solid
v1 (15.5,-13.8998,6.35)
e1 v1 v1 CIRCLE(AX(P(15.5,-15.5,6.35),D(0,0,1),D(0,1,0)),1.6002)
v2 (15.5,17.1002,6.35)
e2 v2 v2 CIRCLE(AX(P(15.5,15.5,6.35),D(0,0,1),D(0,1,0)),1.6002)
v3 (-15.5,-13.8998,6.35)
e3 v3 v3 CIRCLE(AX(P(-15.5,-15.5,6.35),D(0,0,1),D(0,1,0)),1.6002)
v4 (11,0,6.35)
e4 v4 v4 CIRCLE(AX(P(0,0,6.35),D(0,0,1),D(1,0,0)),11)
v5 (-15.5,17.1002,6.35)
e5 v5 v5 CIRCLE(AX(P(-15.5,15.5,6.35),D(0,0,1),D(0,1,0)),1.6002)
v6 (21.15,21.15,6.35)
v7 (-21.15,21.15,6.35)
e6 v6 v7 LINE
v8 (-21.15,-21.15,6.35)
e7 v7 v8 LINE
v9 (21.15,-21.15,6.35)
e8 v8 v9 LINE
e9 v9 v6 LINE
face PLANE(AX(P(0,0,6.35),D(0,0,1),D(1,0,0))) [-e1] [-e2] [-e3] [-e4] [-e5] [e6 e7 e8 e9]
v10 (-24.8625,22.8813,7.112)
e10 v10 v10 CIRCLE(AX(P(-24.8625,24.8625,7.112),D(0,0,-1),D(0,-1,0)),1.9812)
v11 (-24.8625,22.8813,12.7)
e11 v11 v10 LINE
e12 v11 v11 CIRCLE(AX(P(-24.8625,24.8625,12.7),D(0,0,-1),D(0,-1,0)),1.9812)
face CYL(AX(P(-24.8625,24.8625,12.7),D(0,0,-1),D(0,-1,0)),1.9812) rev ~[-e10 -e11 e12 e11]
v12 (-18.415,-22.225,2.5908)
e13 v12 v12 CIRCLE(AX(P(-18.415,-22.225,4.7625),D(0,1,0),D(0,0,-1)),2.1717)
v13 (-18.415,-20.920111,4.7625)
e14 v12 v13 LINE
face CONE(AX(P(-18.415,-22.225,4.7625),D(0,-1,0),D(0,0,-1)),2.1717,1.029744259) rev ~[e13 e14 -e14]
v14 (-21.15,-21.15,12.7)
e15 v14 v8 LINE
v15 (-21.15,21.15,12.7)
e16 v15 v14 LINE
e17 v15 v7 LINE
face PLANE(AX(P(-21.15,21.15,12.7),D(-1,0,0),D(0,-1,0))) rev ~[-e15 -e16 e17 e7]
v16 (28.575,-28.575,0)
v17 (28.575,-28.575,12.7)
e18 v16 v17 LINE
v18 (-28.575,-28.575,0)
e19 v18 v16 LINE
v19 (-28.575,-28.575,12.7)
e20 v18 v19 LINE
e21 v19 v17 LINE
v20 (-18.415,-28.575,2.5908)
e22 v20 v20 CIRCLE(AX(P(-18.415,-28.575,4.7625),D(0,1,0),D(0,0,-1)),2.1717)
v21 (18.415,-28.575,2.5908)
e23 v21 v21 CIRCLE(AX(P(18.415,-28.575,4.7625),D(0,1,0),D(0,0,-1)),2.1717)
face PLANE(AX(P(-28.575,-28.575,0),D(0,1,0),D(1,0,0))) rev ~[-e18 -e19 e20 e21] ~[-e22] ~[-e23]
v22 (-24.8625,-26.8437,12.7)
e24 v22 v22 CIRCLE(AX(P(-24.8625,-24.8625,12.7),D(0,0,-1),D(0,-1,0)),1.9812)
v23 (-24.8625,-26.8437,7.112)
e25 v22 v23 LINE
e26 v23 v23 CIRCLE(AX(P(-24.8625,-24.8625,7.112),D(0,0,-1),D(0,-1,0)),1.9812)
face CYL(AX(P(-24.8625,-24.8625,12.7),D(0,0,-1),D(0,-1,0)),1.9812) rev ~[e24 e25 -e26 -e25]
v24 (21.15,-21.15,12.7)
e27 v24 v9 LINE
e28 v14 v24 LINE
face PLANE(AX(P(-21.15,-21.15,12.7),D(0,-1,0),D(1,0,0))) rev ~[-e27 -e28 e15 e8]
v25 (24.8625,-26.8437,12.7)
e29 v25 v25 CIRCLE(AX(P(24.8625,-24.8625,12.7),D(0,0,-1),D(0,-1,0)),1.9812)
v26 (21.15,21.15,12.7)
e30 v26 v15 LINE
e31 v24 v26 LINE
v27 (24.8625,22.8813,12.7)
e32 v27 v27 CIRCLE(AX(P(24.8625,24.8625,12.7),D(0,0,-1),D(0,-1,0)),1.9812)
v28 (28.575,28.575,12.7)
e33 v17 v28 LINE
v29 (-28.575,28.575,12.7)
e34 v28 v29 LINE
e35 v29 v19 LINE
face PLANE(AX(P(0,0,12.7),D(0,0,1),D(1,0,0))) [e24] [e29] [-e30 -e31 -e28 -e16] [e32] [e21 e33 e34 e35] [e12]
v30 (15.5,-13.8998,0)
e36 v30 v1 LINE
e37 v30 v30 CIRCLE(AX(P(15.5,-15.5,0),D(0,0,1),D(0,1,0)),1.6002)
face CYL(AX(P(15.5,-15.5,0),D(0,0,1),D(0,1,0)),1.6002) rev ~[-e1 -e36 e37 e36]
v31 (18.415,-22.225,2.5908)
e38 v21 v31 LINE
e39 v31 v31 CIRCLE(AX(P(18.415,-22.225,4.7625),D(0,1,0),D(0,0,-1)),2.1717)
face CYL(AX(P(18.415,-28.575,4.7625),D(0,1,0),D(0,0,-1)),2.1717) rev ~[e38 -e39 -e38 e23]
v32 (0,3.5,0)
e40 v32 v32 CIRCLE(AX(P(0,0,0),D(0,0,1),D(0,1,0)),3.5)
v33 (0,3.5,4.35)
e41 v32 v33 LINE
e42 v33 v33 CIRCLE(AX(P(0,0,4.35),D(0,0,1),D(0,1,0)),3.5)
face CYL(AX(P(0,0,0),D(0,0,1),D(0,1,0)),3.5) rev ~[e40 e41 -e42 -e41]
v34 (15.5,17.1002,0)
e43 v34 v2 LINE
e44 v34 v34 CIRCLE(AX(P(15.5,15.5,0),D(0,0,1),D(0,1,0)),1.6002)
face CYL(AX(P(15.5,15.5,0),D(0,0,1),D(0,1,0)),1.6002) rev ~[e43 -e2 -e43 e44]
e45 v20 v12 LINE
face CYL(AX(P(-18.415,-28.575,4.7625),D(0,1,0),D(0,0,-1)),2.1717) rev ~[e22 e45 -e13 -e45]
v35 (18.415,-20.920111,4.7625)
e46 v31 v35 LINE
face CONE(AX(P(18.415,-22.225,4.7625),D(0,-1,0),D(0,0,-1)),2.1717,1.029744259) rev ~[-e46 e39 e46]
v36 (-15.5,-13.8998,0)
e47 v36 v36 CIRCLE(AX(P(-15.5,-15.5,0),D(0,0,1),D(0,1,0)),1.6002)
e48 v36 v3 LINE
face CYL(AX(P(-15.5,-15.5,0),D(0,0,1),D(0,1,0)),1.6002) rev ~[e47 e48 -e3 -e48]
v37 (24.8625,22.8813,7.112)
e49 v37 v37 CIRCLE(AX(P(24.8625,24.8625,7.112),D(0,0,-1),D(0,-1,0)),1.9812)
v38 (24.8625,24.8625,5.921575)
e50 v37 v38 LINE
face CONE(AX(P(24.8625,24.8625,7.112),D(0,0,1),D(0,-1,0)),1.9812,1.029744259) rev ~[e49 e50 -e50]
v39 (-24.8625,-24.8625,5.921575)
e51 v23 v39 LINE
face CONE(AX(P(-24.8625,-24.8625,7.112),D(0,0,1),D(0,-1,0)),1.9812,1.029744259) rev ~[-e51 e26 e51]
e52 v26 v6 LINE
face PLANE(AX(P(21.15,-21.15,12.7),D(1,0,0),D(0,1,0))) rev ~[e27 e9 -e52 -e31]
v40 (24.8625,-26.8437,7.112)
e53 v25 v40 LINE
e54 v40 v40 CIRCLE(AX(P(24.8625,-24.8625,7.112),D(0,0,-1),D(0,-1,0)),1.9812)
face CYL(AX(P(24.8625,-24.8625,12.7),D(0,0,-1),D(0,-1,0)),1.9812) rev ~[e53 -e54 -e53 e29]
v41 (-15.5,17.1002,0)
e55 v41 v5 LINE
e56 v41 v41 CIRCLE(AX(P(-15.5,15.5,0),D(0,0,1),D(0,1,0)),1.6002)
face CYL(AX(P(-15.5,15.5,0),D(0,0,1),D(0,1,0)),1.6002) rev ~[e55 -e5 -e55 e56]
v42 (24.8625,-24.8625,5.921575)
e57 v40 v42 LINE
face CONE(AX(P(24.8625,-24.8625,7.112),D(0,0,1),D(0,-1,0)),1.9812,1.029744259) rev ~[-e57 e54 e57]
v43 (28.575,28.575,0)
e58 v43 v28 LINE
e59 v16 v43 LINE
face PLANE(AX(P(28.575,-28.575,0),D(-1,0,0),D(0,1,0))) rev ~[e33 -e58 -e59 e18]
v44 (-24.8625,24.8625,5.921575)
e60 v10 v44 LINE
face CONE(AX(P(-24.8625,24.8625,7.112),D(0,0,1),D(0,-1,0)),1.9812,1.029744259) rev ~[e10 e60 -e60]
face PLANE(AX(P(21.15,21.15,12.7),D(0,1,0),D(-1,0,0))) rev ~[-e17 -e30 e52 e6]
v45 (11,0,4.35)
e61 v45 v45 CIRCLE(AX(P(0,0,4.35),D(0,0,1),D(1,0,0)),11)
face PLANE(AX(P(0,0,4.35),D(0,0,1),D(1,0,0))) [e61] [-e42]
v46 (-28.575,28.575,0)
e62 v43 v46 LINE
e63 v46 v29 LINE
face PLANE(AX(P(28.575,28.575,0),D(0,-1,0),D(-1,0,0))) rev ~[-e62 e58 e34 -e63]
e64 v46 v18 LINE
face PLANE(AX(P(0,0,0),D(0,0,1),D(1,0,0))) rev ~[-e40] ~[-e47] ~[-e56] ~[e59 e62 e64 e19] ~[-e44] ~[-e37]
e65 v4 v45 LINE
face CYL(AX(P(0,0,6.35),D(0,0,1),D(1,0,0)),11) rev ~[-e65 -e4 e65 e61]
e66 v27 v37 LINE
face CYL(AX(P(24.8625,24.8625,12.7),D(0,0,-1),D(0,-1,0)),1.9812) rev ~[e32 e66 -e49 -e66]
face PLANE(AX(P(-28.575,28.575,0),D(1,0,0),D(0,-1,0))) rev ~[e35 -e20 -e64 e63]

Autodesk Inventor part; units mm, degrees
ref_plane "YZ Plane" through (0, 0, 0) normal (1, 0, 0) x (0, 1, 0)
ref_plane "XZ Plane" through (0, 0, 0) normal (0, 1, 0) x (-1, 0, 0)
ref_plane "XY Plane" through (0, 0, 0) normal (0, 0, 1) x (1, 0, 0)
sketch "Sketch1" plane through (0, 0, 0) normal (0, 0, 1) x (1, 0, 0)
  line L0 (-28.575, -28.575) -> (28.575, -28.575)
  line L1 (28.575, -28.575) -> (28.575, 28.575)
  line L2 (28.575, 28.575) -> (-28.575, 28.575)
  line L3 (-28.575, 28.575) -> (-28.575, -28.575)
  line L4 (-28.575, -28.575) -> (28.575, 28.575) construction
  line L5 (28.575, -28.575) -> (-28.575, 28.575) construction
  point P0 (0, 0)
  dimension "d0" = 57.15
  dimension "d1" = 57.15
extrude "Extrusion1" add sketch "Sketch1" along normal blind 12.7
sketch "Sketch2" plane through (0, 0, 12.7) normal (0, 0, 1) x (1, 0, 0)
  line L0 (-21.15, -21.15) -> (21.15, -21.15)
  line L1 (21.15, -21.15) -> (21.15, 21.15)
  line L2 (21.15, 21.15) -> (-21.15, 21.15)
  line L3 (-21.15, 21.15) -> (-21.15, -21.15)
  line L4 (-21.15, -21.15) -> (21.15, 21.15) construction
  line L5 (21.15, -21.15) -> (-21.15, 21.15) construction
  point P0 (0, 0)
  dimension "d4" = 42.3
  dimension "d5" = 42.3
extrude "Extrusion2" cut sketch "Sketch2" against normal blind 6.35
sketch "Sketch3" plane through (0, 0, 0) normal (0, 0, -1) x (-1, 0, 0)
  line L0 (-15.5, -15.5) -> (15.5, -15.5) construction
  line L1 (15.5, -15.5) -> (15.5, 15.5) construction
  line L2 (15.5, 15.5) -> (-15.5, 15.5) construction
  line L3 (-15.5, 15.5) -> (-15.5, -15.5) construction
  line L4 (-15.5, -15.5) -> (15.5, 15.5) construction
  line L5 (15.5, -15.5) -> (-15.5, 15.5) construction
  point P0 (0, 0)
  dimension "d8" = 31
  dimension "d9" = 31
hole "Hole1" at (15.5, 15.5, 0) at (-15.5, 15.5, 0) at (-15.5, -15.5, 0) at (15.5, -15.5, 0) direction (0, 0, 1) diameter 3.2004 end through all clearance for "Flat Head Machine Screw" size "M3" standard "Ansi Metric M Profile"
sketch "Sketch4" plane through (0, 0, 0) normal (0, 0, -1) x (-1, 0, 0)
  point P0 (0, 0)
  point P1 (0, 0)
sketch "Sketch5" plane through (0, 0, 6.35) normal (0, 0, 1) x (1, 0, 0)
  circle A0 centre (0, 0) radius 11
  dimension "d17" = 22
extrude "Extrusion3" cut sketch "Sketch5" against normal blind 2
hole "Hole2" at (0, 0, 0) direction (0, 0, 1) diameter 7 end through all
sketch "Sketch6" plane through (-28.575, -28.575, 0) normal (0, -1, 0) x (1, 0, 0)
  line L0 (57.15, 0) -> (57.15, 12.7) projected
  line L1 (0, 12.7) -> (57.15, 12.7) projected
  line L2 (0, 0) -> (0, 12.7) projected
  line L3 (28.575, 12.7) -> (28.575, 0) construction
  line L4 (0, 0) -> (57.15, 0) projected
  line L5 (10.16, 4.7625) -> (46.99, 4.7625) construction
  dimension "d27" = 12.7
  dimension "d28" = 10.16
  dimension "d29" = 10.16
  dimension "d45" = 7.9375
hole "Hole3" at (-18.415, -28.575, 4.7625) at (18.415, -28.575, 4.7625) direction (0, 1, 0) diameter 4.3434 depth 6.35 tip angle 118 thread size "12-24 UNC" class "2B" standard "ANSI Unified Screw Threads"
sketch "Sketch7" plane through (0, 0, 12.7) normal (0, 0, 1) x (1, 0, 0)
  line L0 (-21.15, 21.15) -> (21.15, 21.15) projected
  line L1 (-28.575, -28.575) -> (28.575, -28.575) projected
  line L2 (28.575, 28.575) -> (-28.575, 28.575) projected
  line L3 (28.575, -28.575) -> (-28.575, 28.575) construction
  line L4 (28.575, 28.575) -> (-28.575, -28.575) construction
  line L5 (0, 28.575) -> (0, 21.15) construction
  line L6 (0, 24.8625) -> (24.8625, 24.8625) construction
  line L7 (-24.8625, -24.8625) -> (24.8625, -24.8625) construction
  line L8 (24.8625, -24.8625) -> (24.8625, 24.8625) construction
  line L9 (24.8625, 24.8625) -> (-24.8625, 24.8625) construction
  line L10 (-24.8625, 24.8625) -> (-24.8625, -24.8625) construction
  line L11 (-24.8625, -24.8625) -> (24.8625, 24.8625) construction
  line L12 (24.8625, -24.8625) -> (-24.8625, 24.8625) construction
  point P0 (0, 0)
hole "Hole4" at (-24.8625, 24.8625, 12.7) at (24.8625, 24.8625, 12.7) at (24.8625, -24.8625, 12.7) at (-24.8625, -24.8625, 12.7) direction (0, 0, -1) diameter 3.9624 depth 5.588 tip angle 118 thread size "10-32 UNF" class "2B" standard "ANSI Unified Screw Threads"
equation "\"d29\" = d28"
properties part number "NEMA_17-front" material "Aluminum 6061"
